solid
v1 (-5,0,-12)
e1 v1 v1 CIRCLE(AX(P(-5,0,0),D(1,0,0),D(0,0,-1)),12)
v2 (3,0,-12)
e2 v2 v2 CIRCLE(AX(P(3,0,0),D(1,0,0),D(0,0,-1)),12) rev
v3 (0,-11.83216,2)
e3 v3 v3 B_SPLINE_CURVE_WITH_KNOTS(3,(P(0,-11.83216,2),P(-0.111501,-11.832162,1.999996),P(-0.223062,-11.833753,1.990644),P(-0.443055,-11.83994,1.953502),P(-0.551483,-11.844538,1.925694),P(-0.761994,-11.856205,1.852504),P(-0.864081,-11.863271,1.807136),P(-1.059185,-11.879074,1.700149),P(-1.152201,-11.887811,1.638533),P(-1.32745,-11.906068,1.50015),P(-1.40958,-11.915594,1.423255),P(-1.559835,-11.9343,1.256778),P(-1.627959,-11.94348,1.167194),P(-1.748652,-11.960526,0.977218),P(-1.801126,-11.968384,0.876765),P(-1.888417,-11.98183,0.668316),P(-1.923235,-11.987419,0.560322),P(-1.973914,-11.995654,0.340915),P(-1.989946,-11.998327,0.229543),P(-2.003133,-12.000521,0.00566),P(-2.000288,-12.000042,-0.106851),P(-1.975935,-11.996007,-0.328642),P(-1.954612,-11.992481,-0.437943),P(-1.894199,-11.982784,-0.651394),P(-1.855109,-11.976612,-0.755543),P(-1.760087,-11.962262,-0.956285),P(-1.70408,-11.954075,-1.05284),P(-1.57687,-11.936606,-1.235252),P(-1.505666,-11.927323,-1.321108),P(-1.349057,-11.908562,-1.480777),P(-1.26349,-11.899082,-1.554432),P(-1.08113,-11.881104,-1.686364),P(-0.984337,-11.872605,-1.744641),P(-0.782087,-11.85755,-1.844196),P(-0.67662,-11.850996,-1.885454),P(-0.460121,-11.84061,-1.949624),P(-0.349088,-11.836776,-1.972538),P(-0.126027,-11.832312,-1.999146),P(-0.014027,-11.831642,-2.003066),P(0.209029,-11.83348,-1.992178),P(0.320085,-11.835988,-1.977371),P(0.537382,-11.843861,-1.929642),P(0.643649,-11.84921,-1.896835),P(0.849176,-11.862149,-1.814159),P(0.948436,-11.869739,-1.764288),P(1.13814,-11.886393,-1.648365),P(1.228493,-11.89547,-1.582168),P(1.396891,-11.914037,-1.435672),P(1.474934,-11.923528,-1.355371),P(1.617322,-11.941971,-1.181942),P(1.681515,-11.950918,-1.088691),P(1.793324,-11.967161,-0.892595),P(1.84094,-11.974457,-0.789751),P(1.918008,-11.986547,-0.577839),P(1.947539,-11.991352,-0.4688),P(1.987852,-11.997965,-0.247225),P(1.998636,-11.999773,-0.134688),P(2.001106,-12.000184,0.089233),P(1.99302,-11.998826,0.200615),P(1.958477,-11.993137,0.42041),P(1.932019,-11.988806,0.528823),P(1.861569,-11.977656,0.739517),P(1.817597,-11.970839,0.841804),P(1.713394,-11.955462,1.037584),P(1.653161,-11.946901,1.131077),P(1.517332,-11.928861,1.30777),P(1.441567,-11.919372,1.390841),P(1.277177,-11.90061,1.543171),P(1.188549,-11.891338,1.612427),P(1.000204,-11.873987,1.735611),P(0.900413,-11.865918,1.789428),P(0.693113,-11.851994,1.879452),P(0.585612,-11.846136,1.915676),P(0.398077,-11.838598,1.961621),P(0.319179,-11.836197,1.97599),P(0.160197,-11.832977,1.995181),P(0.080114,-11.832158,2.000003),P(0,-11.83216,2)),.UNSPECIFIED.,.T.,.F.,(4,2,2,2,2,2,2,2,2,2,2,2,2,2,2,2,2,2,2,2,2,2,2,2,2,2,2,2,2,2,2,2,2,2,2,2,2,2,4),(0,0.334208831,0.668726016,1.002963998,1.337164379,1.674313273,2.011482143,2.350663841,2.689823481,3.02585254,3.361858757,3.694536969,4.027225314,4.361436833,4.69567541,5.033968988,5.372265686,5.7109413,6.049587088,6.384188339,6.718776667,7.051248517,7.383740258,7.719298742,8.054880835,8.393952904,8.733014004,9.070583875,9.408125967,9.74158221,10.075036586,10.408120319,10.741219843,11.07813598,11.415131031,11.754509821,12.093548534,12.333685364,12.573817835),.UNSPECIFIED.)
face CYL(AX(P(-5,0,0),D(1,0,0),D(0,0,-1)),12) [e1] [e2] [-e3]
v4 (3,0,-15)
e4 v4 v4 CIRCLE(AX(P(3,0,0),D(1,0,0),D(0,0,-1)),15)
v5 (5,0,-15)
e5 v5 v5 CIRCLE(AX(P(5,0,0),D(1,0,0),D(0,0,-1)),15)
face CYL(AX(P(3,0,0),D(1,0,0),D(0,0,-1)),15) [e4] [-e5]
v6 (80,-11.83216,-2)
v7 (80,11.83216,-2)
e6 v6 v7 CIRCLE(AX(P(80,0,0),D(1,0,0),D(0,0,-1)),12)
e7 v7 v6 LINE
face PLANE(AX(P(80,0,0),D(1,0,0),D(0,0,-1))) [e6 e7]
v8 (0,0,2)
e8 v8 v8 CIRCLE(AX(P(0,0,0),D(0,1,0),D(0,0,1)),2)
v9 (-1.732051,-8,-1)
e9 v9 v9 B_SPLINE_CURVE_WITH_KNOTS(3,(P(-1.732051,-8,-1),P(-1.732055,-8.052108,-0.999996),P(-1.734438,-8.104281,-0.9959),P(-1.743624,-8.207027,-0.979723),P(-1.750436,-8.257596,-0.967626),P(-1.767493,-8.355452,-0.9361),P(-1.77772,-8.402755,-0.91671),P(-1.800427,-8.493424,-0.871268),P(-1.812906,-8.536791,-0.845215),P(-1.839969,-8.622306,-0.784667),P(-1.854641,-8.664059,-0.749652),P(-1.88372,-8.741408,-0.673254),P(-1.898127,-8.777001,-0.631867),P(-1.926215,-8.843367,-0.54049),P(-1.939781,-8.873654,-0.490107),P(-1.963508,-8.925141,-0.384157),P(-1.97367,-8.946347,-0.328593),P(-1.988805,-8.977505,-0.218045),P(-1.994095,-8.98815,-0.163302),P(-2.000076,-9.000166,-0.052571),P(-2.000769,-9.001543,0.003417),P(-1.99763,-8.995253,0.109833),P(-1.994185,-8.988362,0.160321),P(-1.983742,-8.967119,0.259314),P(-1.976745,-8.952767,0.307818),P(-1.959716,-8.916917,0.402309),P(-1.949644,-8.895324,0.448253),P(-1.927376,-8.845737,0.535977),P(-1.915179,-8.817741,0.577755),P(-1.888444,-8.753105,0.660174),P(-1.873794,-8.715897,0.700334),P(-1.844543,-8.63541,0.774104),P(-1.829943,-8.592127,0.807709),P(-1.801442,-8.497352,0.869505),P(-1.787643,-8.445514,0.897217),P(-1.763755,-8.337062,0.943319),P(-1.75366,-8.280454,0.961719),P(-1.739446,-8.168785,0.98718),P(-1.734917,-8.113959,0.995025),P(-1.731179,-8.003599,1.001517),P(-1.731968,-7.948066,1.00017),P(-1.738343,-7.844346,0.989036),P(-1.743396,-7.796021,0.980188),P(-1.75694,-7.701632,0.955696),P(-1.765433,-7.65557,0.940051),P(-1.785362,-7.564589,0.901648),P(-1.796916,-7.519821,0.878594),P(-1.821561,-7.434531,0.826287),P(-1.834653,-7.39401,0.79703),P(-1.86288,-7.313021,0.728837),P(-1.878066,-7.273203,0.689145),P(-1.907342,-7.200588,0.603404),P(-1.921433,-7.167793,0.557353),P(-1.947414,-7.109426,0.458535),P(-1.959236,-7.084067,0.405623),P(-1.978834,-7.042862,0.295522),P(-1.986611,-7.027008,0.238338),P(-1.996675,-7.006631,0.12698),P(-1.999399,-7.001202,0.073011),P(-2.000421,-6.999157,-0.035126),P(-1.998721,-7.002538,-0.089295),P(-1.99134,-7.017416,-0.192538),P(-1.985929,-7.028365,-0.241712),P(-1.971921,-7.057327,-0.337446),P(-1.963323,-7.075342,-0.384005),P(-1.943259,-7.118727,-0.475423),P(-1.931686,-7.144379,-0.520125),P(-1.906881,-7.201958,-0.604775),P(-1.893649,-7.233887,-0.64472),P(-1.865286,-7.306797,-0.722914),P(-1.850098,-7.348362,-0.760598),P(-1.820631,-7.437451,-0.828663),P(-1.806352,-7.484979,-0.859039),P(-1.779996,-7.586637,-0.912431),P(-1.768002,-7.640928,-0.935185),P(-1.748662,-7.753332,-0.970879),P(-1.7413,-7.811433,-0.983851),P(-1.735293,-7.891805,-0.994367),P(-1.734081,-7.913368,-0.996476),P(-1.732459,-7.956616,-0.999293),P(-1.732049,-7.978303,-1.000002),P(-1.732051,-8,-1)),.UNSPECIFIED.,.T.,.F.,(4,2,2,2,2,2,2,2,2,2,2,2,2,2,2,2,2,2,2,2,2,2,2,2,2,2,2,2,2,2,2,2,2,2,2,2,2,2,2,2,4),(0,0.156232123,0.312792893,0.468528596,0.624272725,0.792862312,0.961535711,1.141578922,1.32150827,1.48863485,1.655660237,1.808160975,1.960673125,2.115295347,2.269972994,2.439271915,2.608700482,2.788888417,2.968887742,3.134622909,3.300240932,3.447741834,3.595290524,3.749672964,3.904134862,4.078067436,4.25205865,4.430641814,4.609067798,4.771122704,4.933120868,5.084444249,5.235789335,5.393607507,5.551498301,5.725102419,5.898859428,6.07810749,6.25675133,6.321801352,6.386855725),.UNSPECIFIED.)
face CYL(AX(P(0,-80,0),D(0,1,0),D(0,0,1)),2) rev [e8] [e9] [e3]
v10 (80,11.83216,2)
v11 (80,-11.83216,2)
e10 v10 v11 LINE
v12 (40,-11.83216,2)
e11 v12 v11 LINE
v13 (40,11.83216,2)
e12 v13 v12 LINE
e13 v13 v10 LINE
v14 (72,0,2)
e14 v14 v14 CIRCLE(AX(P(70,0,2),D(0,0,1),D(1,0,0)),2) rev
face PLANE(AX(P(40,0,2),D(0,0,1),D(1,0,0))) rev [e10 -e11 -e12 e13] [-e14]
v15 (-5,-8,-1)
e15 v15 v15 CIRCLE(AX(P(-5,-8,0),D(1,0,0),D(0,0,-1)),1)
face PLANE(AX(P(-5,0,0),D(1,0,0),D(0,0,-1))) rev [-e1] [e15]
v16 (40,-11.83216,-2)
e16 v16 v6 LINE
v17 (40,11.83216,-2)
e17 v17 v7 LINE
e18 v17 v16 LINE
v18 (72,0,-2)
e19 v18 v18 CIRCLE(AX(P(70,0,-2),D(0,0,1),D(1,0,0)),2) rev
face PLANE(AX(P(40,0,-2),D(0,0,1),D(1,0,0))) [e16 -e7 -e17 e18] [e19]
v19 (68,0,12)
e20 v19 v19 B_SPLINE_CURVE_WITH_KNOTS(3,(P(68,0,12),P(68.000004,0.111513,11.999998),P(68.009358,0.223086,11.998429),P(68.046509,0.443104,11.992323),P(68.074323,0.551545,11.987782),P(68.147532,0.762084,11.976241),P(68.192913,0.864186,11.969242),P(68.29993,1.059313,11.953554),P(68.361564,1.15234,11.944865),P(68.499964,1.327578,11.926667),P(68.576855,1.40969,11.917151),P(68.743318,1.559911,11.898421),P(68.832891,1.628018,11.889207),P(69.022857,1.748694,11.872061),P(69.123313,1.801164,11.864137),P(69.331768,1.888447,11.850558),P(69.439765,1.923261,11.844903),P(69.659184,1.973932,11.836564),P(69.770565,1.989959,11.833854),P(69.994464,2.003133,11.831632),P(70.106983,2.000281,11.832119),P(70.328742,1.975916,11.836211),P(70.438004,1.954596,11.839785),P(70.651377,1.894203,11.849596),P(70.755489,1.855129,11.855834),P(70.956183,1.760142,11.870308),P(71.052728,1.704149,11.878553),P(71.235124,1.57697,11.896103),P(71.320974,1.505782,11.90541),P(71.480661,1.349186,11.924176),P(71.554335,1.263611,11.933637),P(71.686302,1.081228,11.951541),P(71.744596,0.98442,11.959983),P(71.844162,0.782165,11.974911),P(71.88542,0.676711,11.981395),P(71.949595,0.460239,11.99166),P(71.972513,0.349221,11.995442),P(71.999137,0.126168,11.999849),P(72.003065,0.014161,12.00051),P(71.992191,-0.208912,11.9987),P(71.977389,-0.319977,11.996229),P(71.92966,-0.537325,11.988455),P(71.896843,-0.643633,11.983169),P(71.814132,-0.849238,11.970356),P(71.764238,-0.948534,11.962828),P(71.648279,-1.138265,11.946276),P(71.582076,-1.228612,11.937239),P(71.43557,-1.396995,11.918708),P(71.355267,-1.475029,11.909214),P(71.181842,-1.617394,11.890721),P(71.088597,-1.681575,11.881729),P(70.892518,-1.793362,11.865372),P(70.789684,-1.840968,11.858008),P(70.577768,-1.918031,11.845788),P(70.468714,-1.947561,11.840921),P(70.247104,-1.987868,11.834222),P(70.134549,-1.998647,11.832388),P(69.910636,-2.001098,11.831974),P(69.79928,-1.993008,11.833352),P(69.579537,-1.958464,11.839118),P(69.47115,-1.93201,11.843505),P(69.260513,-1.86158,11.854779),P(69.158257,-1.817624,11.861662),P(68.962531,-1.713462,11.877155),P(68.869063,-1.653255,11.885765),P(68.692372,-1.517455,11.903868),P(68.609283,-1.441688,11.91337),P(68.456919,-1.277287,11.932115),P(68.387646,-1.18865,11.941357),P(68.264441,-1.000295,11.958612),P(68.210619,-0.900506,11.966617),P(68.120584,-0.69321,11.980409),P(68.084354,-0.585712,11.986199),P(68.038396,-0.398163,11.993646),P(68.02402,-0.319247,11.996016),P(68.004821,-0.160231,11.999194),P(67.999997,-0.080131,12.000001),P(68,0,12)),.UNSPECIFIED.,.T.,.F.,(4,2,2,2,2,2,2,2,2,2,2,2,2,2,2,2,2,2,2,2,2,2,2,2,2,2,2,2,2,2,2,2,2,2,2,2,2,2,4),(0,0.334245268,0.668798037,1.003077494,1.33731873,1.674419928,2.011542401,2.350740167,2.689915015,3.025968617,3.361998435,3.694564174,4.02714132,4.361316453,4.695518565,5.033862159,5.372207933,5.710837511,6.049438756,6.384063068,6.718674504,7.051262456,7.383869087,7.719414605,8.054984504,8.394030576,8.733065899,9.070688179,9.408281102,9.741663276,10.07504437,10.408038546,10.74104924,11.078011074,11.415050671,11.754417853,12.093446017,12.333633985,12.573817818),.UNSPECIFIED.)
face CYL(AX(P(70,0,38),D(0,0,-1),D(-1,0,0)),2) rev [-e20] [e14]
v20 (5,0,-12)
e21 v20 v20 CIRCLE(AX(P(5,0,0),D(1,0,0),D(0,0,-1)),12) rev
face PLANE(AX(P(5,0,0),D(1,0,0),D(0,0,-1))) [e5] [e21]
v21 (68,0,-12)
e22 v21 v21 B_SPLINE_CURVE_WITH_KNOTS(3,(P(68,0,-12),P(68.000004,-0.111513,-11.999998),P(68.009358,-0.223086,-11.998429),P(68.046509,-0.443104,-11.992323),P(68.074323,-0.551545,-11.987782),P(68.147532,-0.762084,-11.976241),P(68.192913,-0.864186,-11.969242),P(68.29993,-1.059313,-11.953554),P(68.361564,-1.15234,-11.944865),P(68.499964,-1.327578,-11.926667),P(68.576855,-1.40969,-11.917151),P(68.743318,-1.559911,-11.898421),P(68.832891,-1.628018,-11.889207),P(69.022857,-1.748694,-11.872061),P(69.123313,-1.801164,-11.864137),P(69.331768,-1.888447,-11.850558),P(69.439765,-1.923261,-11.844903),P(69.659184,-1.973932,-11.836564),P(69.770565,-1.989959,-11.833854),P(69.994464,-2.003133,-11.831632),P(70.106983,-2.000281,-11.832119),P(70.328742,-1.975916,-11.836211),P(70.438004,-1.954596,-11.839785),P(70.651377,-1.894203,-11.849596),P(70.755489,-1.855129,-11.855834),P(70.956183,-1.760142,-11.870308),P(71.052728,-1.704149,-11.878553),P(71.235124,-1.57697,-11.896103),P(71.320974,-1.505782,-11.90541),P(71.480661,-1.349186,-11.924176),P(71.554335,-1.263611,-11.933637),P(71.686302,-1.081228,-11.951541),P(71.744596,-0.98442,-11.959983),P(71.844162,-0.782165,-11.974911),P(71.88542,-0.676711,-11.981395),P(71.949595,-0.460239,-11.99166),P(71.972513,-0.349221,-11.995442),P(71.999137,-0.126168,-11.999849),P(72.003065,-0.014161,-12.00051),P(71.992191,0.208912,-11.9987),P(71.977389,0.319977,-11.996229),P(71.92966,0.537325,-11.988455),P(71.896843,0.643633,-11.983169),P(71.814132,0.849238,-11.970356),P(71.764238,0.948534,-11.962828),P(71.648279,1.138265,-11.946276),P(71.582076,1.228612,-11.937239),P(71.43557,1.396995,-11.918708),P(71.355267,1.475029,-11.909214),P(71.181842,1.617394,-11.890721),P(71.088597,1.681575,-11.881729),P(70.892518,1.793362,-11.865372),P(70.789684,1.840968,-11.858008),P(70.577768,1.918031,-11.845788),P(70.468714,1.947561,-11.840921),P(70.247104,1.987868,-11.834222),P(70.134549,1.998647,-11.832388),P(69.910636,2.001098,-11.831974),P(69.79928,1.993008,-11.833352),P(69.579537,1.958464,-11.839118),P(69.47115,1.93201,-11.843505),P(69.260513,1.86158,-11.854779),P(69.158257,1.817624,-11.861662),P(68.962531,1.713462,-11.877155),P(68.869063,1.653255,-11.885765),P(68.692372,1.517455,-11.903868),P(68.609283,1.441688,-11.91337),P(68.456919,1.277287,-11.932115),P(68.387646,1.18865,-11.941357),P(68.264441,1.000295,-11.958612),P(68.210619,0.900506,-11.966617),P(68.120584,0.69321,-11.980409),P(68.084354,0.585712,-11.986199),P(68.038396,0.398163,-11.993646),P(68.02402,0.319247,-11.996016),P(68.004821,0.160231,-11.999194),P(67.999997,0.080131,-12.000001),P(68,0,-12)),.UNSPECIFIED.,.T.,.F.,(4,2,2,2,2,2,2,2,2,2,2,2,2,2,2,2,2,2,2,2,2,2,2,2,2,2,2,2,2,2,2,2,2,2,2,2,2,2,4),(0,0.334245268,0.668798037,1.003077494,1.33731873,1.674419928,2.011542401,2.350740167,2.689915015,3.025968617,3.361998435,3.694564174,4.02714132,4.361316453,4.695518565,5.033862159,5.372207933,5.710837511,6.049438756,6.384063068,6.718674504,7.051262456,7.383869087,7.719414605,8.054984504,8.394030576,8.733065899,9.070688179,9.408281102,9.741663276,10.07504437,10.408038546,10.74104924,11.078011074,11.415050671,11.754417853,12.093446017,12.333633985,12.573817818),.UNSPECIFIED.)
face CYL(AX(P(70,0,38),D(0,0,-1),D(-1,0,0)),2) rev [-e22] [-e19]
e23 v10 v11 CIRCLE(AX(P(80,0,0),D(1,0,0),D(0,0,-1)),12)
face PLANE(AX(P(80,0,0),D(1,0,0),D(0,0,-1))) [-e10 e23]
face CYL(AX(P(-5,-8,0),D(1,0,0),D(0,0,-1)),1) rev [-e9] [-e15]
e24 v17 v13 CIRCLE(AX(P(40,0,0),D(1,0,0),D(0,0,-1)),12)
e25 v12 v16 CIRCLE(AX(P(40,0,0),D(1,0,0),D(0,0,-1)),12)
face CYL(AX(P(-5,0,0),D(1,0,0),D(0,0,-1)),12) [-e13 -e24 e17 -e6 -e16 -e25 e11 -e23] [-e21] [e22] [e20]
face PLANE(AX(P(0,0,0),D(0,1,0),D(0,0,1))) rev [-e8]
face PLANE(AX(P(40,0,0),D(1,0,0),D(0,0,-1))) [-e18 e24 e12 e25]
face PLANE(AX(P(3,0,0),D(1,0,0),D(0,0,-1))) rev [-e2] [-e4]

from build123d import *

# Parameters (mm, degrees)
EXTRUDE_1_DEPTH          = 80
EXTRUDE_1_DEPTH_BACK     = 5
SKETCH_2_R               = 12
SKETCH_1_R               = 2
CUT_EXTRUDE_1_DEPTH      = 80
SKETCH_4_R               = 15
EXTRUDE_2_DEPTH          = 2
CUT_EXTRUDE_START        = -40
CUT_EXTRUDE_2_DEPTH      = 40
CUT_EXTRUDE_3_DEPTH      = 40
CUT_EXTRUDE_3_DEPTH_BACK = 40
SKETCH_8_R               = 2
SKETCH_10_R              = 1
CUT_EXTRUDE_4_DEPTH      = 83.764726883


with BuildPart() as part:
    # 草图2 → 凸台-拉伸1 (new, two sides: drawn at the far end of the back side and taken through both)
    with BuildSketch(Plane(origin=(0, 0, 0), x_dir=(0, 0, -1), z_dir=(1, 0, 0)).offset(-EXTRUDE_1_DEPTH_BACK)):
        Circle(SKETCH_2_R)
    extrude(amount=EXTRUDE_1_DEPTH + EXTRUDE_1_DEPTH_BACK)

    # 草图1 → 切除-拉伸1 (cut)
    with BuildSketch(Plane(origin=(0, 0, 0), x_dir=(1, 0, 0), z_dir=(0, 1, 0))):
        with Locations(Location((0, 0, 0), (0, 0, 270))):
            Circle(SKETCH_1_R)
    extrude(amount=-CUT_EXTRUDE_1_DEPTH, mode=Mode.SUBTRACT)

    # 草图4 → 凸台-拉伸2 (add)
    with BuildSketch(Plane(origin=(5, 0, 0), x_dir=(0, 0, -1), z_dir=(1, 0, 0))):
        Circle(SKETCH_4_R)
    extrude(amount=-EXTRUDE_2_DEPTH)

    # 草图7 → 切除-拉伸2 (cut)
    with BuildSketch(Plane(origin=(80, 0, 0), x_dir=(0, 0, -1), z_dir=(1, 0, 0)).offset(CUT_EXTRUDE_START)):
        with BuildLine():
            ThreePointArc((2, 11.832159566), (0, 12), (-2, 11.832159566))
            Line((-2, 11.832159566), (-2, -11.832159566))
            ThreePointArc((-2, -11.832159566), (0, -12), (2, -11.832159566))
            Line((2, -11.832159566), (2, 11.832159566))
        make_face()
    extrude(amount=CUT_EXTRUDE_2_DEPTH, mode=Mode.SUBTRACT)

    # 草图8 → 切除-拉伸3 (cut, two sides: drawn at the far end of the back side and taken through both)
    with BuildSketch(Plane.XY.offset(-2).offset(-CUT_EXTRUDE_3_DEPTH_BACK)):
        with Locations(Location((70, 0, 0), (0, 0, 180))):
            Circle(SKETCH_8_R)
    extrude(amount=CUT_EXTRUDE_3_DEPTH + CUT_EXTRUDE_3_DEPTH_BACK, mode=Mode.SUBTRACT)

    # 草图10 → 切除-拉伸4 (cut, through all)
    with BuildSketch(Plane(origin=(0, 0, 0), x_dir=(0, 0, -1), z_dir=(1, 0, 0))):
        with Locations((0, -8)):
            Circle(SKETCH_10_R)
    extrude(amount=-CUT_EXTRUDE_4_DEPTH, mode=Mode.SUBTRACT)


solid = part.part
